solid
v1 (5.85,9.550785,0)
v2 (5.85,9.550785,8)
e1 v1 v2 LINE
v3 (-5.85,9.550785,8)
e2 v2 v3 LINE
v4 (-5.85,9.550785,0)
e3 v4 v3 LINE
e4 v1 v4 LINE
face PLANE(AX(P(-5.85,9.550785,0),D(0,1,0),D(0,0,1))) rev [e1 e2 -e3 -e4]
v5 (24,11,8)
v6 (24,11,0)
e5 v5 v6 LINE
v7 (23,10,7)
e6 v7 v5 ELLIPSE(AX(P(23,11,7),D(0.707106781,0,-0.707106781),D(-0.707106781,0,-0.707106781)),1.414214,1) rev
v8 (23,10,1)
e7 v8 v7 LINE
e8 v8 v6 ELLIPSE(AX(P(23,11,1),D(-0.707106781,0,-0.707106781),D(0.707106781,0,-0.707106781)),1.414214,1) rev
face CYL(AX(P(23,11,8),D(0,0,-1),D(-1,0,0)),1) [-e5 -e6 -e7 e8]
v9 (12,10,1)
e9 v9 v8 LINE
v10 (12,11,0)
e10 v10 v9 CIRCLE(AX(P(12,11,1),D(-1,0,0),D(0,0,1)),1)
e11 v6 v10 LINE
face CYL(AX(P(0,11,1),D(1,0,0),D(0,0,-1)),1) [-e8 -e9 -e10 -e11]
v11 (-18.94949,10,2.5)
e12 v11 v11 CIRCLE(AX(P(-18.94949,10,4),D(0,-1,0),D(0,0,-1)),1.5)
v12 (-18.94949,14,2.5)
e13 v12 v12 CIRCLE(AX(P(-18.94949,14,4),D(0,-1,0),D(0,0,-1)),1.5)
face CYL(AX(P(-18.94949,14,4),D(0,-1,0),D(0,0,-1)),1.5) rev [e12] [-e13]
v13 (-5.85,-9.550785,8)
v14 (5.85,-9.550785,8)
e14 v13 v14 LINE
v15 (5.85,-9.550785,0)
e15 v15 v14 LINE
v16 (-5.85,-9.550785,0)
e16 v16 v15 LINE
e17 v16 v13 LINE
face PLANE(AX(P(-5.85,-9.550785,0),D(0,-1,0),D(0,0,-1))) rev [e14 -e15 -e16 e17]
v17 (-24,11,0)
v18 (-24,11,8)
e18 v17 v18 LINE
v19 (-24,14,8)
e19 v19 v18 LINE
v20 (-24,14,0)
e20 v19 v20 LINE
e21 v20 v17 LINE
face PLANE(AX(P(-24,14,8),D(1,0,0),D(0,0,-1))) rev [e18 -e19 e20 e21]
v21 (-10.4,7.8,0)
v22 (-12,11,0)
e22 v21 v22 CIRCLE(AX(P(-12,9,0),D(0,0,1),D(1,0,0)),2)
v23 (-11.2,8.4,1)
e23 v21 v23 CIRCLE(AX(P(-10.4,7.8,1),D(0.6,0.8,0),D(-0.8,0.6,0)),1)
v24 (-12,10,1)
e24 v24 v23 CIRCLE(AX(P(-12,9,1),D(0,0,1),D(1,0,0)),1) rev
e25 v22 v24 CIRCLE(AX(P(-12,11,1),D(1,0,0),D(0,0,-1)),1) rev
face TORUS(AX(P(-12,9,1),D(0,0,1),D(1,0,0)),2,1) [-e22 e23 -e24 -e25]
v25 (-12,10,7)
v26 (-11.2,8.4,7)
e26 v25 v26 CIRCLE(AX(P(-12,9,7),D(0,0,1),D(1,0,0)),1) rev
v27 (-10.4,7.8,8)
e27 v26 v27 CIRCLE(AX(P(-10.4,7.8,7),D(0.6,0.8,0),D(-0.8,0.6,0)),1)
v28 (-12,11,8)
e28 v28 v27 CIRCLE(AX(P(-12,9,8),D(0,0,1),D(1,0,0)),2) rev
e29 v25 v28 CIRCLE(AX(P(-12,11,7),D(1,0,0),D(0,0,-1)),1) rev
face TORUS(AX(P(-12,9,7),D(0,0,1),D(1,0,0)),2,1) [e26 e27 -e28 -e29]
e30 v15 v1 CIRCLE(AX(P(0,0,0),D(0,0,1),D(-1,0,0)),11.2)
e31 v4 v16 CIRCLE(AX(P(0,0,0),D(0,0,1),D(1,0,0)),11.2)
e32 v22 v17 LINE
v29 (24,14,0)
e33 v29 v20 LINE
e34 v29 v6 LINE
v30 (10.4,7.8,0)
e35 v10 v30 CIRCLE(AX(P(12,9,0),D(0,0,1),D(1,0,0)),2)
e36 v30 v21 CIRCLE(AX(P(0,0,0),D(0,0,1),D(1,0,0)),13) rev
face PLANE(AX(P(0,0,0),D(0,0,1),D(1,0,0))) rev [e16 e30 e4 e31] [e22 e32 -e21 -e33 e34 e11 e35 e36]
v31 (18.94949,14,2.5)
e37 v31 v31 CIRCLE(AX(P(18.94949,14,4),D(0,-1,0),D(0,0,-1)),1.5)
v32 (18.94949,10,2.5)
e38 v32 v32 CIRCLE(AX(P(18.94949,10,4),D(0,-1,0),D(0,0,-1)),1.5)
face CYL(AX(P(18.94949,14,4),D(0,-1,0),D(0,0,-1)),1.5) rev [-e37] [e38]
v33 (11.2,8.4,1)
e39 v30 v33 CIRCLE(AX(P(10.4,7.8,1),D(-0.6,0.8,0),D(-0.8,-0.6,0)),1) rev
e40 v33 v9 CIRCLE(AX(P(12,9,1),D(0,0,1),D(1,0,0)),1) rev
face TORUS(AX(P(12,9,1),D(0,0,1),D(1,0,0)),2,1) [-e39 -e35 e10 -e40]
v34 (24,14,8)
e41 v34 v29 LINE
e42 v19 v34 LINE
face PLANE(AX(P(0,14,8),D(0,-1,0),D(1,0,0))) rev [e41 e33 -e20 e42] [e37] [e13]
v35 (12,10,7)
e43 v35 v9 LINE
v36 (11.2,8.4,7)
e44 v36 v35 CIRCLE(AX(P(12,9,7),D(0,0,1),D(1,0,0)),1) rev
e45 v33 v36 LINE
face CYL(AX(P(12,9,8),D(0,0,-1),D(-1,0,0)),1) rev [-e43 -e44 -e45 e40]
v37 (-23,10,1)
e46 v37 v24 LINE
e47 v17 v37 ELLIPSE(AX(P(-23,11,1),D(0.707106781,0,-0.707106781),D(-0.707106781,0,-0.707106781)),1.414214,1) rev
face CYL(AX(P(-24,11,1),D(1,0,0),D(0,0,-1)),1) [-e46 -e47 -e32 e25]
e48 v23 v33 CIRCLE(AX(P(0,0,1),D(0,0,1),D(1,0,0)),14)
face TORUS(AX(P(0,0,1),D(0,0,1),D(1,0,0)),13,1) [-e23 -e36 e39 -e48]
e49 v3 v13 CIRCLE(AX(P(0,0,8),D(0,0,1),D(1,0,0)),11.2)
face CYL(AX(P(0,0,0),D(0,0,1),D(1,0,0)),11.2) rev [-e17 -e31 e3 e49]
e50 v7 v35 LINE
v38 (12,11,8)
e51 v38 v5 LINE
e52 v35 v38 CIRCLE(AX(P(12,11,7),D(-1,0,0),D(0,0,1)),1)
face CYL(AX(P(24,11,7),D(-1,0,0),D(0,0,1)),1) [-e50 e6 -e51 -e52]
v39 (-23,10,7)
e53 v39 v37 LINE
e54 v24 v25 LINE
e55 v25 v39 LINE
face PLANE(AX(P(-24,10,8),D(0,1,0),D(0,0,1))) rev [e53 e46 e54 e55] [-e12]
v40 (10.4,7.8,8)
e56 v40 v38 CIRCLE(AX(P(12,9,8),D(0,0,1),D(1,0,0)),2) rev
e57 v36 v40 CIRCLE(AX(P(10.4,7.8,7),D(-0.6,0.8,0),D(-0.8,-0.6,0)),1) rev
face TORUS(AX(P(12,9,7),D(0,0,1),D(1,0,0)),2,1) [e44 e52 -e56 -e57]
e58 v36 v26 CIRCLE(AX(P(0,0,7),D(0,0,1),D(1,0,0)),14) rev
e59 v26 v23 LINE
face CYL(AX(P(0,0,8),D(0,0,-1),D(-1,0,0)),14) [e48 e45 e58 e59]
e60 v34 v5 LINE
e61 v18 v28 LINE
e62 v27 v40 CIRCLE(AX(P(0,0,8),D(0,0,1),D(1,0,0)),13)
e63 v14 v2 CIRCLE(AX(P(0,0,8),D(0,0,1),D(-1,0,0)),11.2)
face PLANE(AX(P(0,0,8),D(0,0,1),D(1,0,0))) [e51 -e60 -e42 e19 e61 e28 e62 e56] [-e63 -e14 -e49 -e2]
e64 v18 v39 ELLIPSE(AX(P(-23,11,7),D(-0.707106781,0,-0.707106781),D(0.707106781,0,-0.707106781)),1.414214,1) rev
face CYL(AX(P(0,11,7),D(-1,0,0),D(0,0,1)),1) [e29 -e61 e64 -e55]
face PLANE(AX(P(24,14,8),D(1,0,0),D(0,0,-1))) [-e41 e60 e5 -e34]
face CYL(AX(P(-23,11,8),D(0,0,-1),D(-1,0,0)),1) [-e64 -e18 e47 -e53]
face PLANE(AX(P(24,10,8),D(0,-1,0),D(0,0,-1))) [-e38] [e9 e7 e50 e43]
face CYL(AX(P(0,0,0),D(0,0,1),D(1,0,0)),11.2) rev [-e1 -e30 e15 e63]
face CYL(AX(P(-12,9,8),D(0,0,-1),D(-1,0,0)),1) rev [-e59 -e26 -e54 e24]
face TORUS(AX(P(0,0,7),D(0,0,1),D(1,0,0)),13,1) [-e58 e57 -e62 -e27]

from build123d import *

# Parameters (mm, degrees)
SALIENTE_EXTRUIR1_DEPTH = 8
CORTAR_EXTRUIR1_DEPTH   = 29.91366459
REDONDEO1_R             = 1
CROQUIS3_R              = 1.5
CORTAR_EXTRUIR2_DEPTH   = 35.871191548


with BuildPart() as part:
    # Croquis1 → Saliente-Extruir1 (new body)
    with BuildSketch(Plane.XY):
        with BuildLine():
            Line((0, 14), (-24, 14))
            Line((-24, 14), (-24, 10))
            Line((-24, 10), (-9.797958971, 10))
            ThreePointArc((-9.797958971, 10), (0, -14), (9.797958971, 10))
            Line((9.797958971, 10), (24, 10))
            Line((24, 10), (24, 14))
            Line((24, 14), (0, 14))
        make_face()
    extrude(amount=SALIENTE_EXTRUIR1_DEPTH)

    # Croquis2 → Cortar-Extruir1 (cut, through all)
    with BuildSketch(Plane.XY.offset(8)):
        with BuildLine():
            Line((-5.85, 9.550785308), (5.85, 9.550785308))
            ThreePointArc((5.85, 9.550785308), (11.2, 0), (5.85, -9.550785308))
            Line((5.85, -9.550785308), (-5.85, -9.550785308))
            ThreePointArc((-5.85, -9.550785308), (-11.2, 0), (-5.85, 9.550785308))
        make_face()
    extrude(amount=-CORTAR_EXTRUIR1_DEPTH, mode=Mode.SUBTRACT)

    # Redondeo1
    redondeo1_edges = [part.edges().sort_by_distance(p)[0] for p in [
        (16.898979486, 10, 8),
        (-24, 10, 4),
        (-9.797958971, 10, 4),
        (9.797958971, 10, 4),
        (24, 10, 4),
        (0, -14, 8),
        (-16.898979486, 10, 8),
        (-16.898979486, 10, 0),
        (0, -14, 0),
        (16.898979486, 10, 0),
    ]]
    fillet(redondeo1_edges, radius=REDONDEO1_R)

    # Croquis3 → Cortar-Extruir2 (cut, through all)
    with BuildSketch(Plane(origin=(0, 10, 0), x_dir=(-1, 0, 0), z_dir=(0, -1, 0))):
        with Locations(Location((18.949489743, -4, 0), (0, 0, 90))):
            Circle(CROQUIS3_R)
        with Locations(Location((-18.949489743, -4, 0), (0, 0, 90))):
            Circle(CROQUIS3_R)
    extrude(amount=-CORTAR_EXTRUIR2_DEPTH, mode=Mode.SUBTRACT)


solid = part.part
